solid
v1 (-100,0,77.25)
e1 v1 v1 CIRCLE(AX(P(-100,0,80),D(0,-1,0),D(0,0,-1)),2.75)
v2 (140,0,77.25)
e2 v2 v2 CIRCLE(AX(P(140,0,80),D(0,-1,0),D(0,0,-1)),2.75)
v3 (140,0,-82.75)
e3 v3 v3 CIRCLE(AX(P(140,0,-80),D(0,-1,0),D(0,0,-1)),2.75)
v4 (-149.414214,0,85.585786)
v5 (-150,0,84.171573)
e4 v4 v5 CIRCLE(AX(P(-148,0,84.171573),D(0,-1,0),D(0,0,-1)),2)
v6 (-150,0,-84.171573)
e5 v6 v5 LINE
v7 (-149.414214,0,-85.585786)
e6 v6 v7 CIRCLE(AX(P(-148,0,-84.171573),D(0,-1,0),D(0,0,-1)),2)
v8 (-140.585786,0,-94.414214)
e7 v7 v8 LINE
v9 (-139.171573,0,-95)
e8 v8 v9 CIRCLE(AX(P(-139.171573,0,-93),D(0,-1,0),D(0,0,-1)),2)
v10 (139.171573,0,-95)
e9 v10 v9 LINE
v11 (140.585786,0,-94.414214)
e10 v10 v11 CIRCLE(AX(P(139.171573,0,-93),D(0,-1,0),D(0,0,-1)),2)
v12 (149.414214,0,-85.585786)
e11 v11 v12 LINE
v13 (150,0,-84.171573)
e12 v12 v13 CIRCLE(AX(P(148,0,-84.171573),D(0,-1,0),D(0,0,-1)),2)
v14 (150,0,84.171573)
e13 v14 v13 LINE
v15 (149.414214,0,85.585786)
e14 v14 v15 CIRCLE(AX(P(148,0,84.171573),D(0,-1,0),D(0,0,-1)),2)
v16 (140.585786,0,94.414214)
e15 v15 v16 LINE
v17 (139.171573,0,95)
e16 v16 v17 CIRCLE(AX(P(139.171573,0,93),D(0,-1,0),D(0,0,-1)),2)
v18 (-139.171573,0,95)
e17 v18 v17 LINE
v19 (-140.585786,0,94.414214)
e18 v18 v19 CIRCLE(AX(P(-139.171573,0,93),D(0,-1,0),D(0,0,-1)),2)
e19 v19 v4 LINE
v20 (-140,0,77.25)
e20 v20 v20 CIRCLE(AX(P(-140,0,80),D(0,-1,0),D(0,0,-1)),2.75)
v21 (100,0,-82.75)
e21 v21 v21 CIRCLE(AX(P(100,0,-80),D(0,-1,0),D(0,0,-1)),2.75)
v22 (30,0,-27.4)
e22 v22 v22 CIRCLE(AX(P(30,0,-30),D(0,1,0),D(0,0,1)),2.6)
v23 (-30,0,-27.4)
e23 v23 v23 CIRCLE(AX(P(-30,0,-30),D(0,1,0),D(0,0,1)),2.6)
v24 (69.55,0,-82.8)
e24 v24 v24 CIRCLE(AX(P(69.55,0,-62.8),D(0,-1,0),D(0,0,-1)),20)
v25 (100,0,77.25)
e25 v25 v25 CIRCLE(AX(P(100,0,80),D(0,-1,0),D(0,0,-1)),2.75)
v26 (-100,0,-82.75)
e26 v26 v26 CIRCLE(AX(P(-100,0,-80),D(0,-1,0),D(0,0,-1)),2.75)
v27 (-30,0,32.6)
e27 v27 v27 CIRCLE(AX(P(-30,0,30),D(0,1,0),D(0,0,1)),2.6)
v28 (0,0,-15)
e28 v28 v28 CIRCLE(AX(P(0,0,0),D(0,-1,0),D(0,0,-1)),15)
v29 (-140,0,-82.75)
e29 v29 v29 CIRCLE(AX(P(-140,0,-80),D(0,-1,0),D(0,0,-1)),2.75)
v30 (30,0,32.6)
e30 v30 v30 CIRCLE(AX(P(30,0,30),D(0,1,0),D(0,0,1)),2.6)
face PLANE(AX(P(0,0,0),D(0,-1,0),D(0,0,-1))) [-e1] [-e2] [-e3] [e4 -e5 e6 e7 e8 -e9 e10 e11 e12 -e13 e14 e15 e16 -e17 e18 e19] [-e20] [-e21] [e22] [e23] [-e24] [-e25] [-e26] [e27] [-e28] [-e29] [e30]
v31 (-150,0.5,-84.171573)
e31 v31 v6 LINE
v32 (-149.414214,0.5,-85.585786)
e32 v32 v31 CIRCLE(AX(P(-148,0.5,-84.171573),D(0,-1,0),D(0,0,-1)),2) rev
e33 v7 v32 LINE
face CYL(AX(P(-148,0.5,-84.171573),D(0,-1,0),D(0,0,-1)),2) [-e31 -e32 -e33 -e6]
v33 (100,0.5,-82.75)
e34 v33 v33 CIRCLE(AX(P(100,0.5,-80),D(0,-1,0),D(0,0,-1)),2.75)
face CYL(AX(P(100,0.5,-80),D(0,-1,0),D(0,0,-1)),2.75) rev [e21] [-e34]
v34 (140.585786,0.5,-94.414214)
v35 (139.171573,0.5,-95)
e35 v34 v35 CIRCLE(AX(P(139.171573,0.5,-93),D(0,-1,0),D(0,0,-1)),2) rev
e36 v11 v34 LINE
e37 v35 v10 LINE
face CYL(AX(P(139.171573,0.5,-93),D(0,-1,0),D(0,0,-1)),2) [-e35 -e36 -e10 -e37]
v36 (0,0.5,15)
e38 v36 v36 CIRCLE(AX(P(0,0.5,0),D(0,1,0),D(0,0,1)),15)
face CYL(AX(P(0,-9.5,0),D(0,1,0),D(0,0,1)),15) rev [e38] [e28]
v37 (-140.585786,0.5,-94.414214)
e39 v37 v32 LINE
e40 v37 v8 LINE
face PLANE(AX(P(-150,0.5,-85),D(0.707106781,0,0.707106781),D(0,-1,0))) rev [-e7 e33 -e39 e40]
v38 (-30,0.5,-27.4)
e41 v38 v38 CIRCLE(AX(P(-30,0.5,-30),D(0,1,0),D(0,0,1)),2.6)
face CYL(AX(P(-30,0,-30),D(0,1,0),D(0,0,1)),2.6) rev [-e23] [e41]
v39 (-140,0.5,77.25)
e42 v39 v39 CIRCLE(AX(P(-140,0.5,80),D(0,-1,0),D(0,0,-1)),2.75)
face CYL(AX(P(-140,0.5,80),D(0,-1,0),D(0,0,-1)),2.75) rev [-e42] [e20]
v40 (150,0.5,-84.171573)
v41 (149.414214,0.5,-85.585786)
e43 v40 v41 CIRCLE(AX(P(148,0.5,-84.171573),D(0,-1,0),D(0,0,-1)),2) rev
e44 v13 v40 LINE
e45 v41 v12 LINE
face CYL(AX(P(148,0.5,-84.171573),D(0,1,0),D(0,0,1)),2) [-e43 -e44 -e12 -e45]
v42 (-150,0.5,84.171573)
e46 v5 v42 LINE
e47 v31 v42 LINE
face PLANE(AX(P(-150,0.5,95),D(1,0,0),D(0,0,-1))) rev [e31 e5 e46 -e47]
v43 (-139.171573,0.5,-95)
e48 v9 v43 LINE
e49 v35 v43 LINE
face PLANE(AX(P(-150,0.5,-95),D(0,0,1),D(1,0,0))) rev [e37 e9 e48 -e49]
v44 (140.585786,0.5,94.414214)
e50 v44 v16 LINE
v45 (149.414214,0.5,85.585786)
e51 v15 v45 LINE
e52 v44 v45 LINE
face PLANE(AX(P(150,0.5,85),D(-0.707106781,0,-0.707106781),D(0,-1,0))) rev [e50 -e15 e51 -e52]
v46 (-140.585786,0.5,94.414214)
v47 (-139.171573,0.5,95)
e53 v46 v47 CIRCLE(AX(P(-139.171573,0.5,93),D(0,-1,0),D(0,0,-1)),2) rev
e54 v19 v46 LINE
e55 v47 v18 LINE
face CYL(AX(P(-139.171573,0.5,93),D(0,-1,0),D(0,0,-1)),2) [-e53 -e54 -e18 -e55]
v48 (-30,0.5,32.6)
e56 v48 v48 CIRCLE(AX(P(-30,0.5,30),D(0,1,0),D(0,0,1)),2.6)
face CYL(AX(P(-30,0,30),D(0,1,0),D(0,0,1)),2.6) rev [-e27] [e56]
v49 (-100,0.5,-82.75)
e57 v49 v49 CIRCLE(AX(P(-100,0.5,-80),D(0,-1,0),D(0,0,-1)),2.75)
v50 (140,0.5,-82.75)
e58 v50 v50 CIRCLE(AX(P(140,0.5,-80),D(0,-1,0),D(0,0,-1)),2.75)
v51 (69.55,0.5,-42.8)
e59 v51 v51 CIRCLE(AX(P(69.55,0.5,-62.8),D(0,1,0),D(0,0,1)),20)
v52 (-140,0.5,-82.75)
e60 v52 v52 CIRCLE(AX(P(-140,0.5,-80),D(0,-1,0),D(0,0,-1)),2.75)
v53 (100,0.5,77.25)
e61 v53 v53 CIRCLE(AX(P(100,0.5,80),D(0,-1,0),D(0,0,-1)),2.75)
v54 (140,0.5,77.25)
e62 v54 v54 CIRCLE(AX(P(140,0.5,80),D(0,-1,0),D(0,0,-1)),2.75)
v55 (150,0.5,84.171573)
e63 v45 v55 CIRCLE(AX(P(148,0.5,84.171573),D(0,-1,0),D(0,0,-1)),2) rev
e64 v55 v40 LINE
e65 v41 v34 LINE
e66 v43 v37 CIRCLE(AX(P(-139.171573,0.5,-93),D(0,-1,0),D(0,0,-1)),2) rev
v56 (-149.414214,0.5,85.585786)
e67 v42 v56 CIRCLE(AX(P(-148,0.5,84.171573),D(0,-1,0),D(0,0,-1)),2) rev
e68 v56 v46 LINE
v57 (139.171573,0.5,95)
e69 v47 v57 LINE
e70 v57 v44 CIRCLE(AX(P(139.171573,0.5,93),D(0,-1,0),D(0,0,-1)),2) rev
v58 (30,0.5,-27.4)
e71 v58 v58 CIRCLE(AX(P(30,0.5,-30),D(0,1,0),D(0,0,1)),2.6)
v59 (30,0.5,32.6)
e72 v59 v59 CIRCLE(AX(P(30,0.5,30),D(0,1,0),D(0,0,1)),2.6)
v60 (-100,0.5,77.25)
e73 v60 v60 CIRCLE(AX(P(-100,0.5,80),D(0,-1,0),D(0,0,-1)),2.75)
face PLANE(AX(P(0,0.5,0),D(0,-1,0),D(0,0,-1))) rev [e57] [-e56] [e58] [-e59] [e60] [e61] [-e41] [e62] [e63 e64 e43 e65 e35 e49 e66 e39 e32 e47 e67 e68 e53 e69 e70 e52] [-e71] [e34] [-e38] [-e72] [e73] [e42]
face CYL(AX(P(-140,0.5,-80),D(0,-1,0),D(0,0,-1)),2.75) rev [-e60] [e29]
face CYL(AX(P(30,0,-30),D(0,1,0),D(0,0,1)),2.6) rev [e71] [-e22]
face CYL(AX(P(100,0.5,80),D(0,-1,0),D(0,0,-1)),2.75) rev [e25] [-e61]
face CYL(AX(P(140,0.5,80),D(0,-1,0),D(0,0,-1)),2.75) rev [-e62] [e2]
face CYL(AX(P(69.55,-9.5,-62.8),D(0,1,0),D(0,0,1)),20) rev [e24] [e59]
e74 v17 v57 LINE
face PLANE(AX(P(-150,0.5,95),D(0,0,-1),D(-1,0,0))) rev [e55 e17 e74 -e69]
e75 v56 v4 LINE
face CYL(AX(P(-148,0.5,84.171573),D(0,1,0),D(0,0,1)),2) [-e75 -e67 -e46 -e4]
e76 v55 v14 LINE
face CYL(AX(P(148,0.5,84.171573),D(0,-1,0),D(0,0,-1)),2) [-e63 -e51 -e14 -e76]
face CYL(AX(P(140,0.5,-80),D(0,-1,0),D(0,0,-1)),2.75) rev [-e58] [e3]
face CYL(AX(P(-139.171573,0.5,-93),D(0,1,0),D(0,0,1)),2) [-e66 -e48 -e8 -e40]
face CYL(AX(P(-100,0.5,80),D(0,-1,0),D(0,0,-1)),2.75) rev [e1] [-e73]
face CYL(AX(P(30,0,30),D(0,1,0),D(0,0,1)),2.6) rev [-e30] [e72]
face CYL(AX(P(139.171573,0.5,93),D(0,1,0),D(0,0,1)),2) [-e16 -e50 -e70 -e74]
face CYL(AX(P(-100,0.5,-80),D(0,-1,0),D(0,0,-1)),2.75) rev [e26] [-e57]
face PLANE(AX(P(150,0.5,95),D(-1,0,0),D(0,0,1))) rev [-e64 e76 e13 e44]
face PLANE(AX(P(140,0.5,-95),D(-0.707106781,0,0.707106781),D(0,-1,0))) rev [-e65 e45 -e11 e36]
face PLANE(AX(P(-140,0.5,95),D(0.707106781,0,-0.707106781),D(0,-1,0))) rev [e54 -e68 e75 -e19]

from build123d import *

# Parameters (mm, degrees)
ESQUISSE1_W                     = 300
ESQUISSE1_H                     = 190
BOSS_EXTRU_1_DEPTH              = 0.5
CHANFREIN1_SIZE                 = 10
CONG_1_R                        = 2
ESQUISSE2_R                     = 2.75
ENL_V_MAT_EXTRU_1_DEPTH         = 1.5
R_P_TITION_LIN_AIRE1_COUNT      = 2
R_P_TITION_LIN_AIRE1_PITCH      = 240
R_P_TITION_LIN_AIRE1_COUNT_DIR2 = 2
R_P_TITION_LIN_AIRE1_PITCH_DIR2 = 160
ESQUISSE4_R                     = 2.75
ESQUISSE4_R_2                   = 20
ESQUISSE4_R_3                   = 15
ENL_V_MAT_EXTRU_3_DEPTH         = 10
ESQUISSE5_R                     = 2.6
ENL_V_MAT_EXTRU_4_DEPTH         = 1.5


with BuildPart() as part:
    # Esquisse1 → Boss.-Extru.1 (new body)
    with BuildSketch(Plane(origin=(0, 0, 0), x_dir=(1, 0, 0), z_dir=(0, 1, 0))):
        Rectangle(ESQUISSE1_W, ESQUISSE1_H)
    extrude(amount=BOSS_EXTRU_1_DEPTH)

    # Chanfrein1
    chanfrein1_edges = [part.edges().sort_by_distance(p)[0] for p in [
        (150, 0.25, 95),
        (-150, 0.25, 95),
        (-150, 0.25, -95),
        (150, 0.25, -95),
    ]]
    chamfer(chanfrein1_edges, length=CHANFREIN1_SIZE)

    # Congé1
    cong_1_edges = [part.edges().sort_by_distance(p)[0] for p in [
        (140, 0.25, 95),
        (-140, 0.25, 95),
        (-150, 0.25, -85),
        (-150, 0.25, 85),
        (150, 0.25, -85),
        (150, 0.25, 85),
        (-140, 0.25, -95),
        (140, 0.25, -95),
    ]]
    fillet(cong_1_edges, radius=CONG_1_R)

    # Esquisse2 → Enlèv. mat.-Extru.1 (cut, through all)
    with BuildSketch(Plane.XZ):
        with Locations((-140, 80)):
            Circle(ESQUISSE2_R)
        with Locations((-100, 80)):
            Circle(ESQUISSE2_R)
    enl_v_mat_extru_1 = extrude(amount=-ENL_V_MAT_EXTRU_1_DEPTH, mode=Mode.SUBTRACT)

    # Répétition linéaire1: Enl_v. mat.-Extru.1 2 × 2
    with Locations(*[(i * R_P_TITION_LIN_AIRE1_PITCH, 0, -j * R_P_TITION_LIN_AIRE1_PITCH_DIR2) for i in range(R_P_TITION_LIN_AIRE1_COUNT) for j in range(R_P_TITION_LIN_AIRE1_COUNT_DIR2) if (i, j) != (0, 0)]):
        add(enl_v_mat_extru_1, mode=Mode.SUBTRACT)

    # Esquisse4 → Enlèv. mat.-Extru.3 (cut)
    with BuildSketch(Plane(origin=(0, 0.5, 0), x_dir=(1, 0, 0), z_dir=(0, 1, 0))):
        with Locations((100, 80)):
            Circle(ESQUISSE4_R)
        with Locations((69.55, 62.8)):
            Circle(ESQUISSE4_R_2)
        Circle(ESQUISSE4_R_3)
    extrude(amount=-ENL_V_MAT_EXTRU_3_DEPTH, mode=Mode.SUBTRACT)

    # Esquisse5 → Enlèv. mat.-Extru.4 (cut, through all)
    with BuildSketch(Plane(origin=(0, 0.5, 0), x_dir=(1, 0, 0), z_dir=(0, 1, 0))):
        with Locations((-30, 30)):
            Circle(ESQUISSE5_R)
        with Locations((30, 30)):
            Circle(ESQUISSE5_R)
        with Locations((30, -30)):
            Circle(ESQUISSE5_R)
        with Locations((-30, -30)):
            Circle(ESQUISSE5_R)
    extrude(amount=-ENL_V_MAT_EXTRU_4_DEPTH, mode=Mode.SUBTRACT)


solid = part.part
